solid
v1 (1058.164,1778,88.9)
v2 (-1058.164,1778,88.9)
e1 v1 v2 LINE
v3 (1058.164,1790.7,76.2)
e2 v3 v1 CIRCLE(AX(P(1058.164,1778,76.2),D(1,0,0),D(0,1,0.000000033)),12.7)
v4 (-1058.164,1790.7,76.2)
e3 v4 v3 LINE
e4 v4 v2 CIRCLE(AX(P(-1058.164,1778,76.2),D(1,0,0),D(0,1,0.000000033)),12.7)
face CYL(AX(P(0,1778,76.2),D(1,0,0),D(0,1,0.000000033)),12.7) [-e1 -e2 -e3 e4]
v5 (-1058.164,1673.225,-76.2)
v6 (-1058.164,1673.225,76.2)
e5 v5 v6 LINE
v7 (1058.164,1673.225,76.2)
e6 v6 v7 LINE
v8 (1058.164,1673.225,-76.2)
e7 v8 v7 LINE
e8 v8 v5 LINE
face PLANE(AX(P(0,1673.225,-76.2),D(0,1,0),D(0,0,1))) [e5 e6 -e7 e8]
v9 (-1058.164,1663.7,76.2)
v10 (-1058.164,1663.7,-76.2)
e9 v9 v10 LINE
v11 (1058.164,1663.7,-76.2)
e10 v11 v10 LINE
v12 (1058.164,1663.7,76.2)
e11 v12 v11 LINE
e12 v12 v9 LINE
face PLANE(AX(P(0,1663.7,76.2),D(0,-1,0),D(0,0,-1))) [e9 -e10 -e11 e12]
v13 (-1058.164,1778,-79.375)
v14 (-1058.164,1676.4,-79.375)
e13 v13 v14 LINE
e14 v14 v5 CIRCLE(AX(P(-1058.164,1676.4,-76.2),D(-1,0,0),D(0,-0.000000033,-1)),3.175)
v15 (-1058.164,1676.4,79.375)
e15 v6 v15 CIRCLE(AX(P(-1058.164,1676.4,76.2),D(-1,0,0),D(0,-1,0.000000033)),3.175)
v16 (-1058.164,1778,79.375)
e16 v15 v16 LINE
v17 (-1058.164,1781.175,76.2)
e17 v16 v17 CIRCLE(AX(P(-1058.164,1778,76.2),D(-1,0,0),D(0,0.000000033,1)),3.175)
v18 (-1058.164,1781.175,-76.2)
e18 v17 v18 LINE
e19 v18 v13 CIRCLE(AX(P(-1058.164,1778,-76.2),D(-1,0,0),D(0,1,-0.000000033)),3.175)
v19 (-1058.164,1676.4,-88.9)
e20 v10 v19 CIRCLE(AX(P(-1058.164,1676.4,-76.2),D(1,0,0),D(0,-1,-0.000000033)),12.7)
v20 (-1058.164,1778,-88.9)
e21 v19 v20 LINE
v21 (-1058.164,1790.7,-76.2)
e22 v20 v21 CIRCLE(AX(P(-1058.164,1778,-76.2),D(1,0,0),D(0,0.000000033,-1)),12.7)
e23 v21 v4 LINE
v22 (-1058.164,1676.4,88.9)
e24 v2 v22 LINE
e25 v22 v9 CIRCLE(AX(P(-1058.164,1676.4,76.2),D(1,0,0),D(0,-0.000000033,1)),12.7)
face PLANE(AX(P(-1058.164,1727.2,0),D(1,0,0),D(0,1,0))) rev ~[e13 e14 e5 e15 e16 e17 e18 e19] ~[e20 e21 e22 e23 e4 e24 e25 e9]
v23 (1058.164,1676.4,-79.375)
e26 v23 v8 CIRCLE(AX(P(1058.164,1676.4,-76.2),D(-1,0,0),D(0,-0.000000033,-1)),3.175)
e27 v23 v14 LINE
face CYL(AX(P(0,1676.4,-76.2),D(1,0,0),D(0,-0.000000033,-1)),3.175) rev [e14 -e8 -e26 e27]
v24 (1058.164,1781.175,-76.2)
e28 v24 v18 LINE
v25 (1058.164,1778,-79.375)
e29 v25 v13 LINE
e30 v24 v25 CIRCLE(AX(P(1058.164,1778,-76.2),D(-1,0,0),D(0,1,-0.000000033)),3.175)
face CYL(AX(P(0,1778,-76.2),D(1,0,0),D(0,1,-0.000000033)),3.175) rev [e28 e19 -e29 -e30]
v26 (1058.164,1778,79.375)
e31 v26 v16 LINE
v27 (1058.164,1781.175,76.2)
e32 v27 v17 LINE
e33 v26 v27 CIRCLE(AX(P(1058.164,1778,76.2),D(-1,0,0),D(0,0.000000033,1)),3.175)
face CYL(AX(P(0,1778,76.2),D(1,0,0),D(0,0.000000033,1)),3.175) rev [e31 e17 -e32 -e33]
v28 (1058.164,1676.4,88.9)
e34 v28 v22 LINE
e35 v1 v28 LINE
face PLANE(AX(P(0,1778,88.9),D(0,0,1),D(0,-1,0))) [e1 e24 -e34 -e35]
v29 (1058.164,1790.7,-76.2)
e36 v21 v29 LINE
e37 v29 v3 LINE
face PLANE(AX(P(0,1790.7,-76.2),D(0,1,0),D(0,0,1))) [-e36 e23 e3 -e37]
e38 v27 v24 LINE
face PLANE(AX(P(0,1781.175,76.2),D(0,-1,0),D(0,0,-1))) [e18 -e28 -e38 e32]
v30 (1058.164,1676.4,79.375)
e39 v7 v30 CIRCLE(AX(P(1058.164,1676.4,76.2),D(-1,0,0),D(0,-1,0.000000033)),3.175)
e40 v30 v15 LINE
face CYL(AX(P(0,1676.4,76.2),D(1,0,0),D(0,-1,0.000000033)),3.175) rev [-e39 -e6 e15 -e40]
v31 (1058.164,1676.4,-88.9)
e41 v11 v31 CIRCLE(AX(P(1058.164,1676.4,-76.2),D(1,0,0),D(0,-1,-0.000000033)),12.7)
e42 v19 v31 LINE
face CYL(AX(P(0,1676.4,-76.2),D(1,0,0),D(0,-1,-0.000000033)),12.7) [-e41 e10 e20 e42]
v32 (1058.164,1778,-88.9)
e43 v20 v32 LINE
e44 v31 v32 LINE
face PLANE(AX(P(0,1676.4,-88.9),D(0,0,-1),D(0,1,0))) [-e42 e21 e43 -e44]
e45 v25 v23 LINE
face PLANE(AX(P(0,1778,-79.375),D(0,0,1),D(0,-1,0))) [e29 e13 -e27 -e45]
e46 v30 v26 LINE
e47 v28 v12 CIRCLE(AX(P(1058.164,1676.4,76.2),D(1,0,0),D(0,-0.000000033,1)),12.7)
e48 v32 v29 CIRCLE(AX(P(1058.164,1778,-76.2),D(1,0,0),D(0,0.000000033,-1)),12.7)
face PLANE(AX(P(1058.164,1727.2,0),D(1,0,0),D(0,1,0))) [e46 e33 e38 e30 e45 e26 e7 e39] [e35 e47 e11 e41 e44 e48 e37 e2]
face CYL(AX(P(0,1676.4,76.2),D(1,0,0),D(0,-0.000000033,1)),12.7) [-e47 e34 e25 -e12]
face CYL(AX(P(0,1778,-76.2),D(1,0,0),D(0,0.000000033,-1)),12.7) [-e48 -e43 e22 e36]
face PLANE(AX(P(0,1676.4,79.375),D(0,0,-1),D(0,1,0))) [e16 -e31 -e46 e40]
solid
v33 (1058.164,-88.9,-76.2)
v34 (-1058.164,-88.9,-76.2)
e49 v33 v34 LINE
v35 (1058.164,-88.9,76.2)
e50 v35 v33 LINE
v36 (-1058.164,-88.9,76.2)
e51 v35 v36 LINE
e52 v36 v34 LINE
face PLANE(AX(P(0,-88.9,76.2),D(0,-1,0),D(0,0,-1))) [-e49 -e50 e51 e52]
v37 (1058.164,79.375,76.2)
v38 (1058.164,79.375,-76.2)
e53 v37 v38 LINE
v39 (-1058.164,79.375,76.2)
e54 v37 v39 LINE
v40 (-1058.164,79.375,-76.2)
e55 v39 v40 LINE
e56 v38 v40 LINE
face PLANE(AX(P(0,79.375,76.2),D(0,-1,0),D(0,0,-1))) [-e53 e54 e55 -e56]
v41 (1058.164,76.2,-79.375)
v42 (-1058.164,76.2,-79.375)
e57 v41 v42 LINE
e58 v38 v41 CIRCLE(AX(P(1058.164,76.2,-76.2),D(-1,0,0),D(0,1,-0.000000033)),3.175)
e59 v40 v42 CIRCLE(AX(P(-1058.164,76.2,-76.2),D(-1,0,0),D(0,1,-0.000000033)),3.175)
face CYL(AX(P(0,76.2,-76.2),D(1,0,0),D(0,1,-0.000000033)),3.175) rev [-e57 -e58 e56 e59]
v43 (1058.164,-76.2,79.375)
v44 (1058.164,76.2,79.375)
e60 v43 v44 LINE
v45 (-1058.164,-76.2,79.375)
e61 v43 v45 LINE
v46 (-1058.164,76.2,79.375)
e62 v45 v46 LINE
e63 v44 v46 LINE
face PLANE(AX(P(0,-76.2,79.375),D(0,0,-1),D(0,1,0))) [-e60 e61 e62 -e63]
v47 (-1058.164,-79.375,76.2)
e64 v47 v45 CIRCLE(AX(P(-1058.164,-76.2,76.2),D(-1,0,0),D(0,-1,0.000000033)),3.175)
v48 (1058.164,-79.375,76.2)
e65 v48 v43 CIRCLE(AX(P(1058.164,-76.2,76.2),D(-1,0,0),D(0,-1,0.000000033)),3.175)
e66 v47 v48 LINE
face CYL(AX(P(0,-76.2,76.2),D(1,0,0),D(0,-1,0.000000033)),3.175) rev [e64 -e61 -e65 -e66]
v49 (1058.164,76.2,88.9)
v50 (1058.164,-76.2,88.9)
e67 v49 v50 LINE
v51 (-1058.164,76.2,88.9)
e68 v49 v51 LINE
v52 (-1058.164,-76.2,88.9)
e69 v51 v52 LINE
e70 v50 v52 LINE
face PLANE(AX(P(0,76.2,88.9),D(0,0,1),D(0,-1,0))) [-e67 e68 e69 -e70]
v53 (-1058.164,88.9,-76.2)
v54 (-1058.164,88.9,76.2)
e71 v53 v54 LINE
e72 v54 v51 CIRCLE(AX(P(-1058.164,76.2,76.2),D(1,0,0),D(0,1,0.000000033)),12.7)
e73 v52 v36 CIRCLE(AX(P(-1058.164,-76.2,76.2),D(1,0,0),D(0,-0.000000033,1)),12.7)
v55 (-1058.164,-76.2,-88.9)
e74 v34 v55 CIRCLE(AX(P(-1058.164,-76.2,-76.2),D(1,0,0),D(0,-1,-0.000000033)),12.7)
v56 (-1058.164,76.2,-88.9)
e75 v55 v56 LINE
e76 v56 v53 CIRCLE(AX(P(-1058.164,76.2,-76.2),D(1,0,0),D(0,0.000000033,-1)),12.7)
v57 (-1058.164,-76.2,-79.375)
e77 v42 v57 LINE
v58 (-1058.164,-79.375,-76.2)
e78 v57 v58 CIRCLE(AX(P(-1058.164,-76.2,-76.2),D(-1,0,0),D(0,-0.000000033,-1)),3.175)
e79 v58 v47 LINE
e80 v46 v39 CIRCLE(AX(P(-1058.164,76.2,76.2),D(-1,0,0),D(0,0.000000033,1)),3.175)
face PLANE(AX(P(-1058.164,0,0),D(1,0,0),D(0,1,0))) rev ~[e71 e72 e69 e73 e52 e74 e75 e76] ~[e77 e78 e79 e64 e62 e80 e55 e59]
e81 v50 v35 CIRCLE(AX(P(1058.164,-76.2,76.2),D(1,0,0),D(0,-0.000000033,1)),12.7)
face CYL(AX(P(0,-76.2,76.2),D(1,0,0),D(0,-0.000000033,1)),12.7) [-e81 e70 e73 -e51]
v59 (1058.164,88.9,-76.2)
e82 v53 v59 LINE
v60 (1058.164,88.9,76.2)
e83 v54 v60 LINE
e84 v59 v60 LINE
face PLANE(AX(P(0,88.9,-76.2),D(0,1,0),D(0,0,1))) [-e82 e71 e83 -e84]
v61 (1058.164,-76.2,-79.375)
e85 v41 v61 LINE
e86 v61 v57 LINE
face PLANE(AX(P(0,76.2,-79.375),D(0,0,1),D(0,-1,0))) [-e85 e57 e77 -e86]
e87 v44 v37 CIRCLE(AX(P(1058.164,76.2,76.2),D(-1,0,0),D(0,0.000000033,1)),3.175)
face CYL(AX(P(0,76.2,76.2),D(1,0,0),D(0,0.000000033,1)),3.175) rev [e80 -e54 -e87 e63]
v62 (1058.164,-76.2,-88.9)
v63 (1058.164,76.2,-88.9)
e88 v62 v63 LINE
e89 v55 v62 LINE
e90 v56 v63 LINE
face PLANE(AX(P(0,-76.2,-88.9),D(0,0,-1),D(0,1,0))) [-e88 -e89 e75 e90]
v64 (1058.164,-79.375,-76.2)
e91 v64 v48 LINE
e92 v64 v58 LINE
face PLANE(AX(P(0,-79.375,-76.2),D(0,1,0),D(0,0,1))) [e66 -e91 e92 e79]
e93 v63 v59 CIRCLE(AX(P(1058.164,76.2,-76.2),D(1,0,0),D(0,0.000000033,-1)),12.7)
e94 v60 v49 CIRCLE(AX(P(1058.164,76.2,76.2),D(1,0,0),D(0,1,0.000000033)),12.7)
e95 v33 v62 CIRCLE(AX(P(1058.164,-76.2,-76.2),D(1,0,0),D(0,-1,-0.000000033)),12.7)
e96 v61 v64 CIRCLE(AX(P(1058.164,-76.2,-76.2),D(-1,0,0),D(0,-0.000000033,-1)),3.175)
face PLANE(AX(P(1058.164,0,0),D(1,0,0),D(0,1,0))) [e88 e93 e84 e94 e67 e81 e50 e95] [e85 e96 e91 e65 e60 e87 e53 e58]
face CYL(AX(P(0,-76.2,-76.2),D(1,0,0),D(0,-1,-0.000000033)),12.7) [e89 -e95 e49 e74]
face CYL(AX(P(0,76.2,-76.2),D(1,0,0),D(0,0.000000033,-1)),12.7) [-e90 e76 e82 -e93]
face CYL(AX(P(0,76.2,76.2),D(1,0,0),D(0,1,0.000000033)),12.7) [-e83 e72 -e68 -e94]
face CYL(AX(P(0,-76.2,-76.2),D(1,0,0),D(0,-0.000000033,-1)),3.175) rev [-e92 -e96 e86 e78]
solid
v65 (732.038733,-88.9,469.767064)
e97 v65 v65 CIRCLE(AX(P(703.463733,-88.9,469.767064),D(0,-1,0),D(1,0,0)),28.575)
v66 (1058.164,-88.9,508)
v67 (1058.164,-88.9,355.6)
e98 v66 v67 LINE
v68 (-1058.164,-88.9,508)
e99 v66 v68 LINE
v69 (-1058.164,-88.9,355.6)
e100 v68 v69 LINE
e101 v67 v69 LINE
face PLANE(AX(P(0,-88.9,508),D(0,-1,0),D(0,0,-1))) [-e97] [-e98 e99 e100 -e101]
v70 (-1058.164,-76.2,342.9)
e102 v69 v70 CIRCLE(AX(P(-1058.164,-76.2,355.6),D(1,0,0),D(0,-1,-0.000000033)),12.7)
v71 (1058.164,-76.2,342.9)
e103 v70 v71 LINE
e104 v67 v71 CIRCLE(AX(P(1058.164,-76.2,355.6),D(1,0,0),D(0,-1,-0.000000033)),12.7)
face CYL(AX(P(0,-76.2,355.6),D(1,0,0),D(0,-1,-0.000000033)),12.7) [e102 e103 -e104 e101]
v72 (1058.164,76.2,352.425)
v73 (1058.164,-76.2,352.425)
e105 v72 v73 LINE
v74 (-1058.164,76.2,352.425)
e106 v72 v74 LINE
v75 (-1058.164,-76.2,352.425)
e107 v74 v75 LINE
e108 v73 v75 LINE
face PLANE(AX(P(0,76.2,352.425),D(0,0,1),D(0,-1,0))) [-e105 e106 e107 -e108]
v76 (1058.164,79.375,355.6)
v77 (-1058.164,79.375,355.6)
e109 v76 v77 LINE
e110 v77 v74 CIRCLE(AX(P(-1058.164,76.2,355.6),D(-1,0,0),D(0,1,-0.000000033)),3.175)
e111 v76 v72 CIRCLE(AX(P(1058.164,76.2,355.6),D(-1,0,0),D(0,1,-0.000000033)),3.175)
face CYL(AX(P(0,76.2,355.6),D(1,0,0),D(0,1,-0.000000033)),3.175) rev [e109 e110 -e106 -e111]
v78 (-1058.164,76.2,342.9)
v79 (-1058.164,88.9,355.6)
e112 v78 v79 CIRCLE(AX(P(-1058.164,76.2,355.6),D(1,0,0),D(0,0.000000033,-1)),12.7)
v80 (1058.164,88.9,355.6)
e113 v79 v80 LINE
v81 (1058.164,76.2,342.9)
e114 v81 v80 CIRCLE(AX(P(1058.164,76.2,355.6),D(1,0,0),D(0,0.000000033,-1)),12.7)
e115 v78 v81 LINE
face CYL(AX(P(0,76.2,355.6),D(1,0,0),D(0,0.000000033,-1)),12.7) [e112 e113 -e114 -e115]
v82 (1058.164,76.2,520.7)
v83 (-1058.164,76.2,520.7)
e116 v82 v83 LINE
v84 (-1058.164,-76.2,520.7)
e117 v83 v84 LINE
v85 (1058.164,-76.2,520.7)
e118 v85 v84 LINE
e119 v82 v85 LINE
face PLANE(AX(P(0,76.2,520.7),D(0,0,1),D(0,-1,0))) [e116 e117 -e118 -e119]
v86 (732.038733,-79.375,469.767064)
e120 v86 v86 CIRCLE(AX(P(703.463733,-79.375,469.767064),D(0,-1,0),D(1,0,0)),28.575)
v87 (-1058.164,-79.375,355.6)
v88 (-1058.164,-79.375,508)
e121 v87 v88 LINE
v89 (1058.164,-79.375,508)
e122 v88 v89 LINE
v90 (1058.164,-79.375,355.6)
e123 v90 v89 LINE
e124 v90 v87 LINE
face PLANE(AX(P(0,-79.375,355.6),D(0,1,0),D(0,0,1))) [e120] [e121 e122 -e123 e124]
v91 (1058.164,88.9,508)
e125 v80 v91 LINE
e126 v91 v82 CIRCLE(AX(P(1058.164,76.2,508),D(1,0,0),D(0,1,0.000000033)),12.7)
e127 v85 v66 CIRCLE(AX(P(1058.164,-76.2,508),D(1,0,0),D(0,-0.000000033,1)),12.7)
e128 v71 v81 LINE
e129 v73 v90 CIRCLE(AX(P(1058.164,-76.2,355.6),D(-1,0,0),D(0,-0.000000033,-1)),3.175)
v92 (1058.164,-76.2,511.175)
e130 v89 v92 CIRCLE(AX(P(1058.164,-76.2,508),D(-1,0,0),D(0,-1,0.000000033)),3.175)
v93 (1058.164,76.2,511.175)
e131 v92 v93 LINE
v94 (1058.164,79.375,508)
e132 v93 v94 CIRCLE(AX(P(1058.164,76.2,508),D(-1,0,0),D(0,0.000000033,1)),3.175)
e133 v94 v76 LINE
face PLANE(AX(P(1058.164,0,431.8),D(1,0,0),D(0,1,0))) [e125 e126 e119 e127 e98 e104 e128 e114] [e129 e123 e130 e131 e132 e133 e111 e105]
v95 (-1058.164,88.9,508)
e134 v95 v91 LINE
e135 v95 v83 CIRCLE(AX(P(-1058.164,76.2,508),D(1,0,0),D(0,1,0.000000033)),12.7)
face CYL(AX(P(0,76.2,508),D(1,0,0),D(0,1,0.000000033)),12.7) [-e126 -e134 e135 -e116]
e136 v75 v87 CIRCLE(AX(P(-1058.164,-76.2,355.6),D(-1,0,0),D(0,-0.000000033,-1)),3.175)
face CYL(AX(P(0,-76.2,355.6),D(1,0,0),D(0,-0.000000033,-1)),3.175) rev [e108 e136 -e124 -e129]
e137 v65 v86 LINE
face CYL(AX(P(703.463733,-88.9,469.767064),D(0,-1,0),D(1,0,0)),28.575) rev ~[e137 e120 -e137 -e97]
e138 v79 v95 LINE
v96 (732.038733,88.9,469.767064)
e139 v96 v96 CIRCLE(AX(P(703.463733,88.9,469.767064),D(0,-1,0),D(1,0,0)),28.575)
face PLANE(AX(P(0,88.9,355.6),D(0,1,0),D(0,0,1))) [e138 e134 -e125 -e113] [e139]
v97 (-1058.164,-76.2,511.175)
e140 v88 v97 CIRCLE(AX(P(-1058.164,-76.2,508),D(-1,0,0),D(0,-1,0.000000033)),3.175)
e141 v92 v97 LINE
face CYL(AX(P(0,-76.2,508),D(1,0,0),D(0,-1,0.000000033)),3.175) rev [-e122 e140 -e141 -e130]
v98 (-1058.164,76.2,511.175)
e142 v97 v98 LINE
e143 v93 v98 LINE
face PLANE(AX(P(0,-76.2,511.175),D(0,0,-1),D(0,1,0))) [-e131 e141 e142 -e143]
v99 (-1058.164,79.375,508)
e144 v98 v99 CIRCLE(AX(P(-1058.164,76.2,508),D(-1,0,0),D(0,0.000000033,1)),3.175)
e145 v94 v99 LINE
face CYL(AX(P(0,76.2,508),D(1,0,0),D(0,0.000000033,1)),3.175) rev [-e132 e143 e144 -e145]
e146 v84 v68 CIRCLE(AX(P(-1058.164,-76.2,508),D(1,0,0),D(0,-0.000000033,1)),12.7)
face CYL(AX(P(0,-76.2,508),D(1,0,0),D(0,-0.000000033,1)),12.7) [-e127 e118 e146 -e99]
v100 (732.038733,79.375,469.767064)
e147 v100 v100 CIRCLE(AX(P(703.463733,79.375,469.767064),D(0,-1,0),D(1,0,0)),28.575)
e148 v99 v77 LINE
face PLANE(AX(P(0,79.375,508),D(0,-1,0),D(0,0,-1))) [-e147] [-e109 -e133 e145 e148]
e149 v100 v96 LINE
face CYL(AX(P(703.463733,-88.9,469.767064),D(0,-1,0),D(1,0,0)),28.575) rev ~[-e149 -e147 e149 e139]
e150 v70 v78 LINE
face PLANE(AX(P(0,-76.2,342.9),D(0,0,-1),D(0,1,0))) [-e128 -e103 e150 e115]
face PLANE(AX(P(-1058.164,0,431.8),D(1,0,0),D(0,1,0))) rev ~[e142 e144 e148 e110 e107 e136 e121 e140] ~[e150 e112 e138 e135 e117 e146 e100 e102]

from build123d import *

# Parameters (mm, degrees)
F1_DEPTH = 1058.164
F3_DEPTH = 1058.164
F4_R     = 28.575
F5_DEPTH = 177.801
F7_DEPTH = 1058.164


with BuildPart() as f1:
    # F0 (on Right) → F1 (new body, symmetric)
    with BuildSketch(Plane.YZ):
        with BuildLine():
            ThreePointArc((-88.9, -76.2), (-85.180256, -85.180256), (-76.2, -88.9))
            Line((-76.2, -88.9), (76.2, -88.9))
            ThreePointArc((76.2, -88.9), (85.180256, -85.180256), (88.9, -76.2))
            Line((88.9, -76.2), (88.9, 76.2))
            ThreePointArc((88.9, 76.2), (85.180256, 85.180256), (76.2, 88.9))
            Line((76.2, 88.9), (-76.2, 88.9))
            ThreePointArc((-76.2, 88.9), (-85.180256, 85.180256), (-88.9, 76.2))
            Line((-88.9, 76.2), (-88.9, -76.2))
        make_face()
        with BuildLine():
            ThreePointArc((-79.375, 76.2), (-78.445064, 78.445064), (-76.2, 79.375))
            Line((-76.2, 79.375), (76.2, 79.375))
            ThreePointArc((76.2, 79.375), (78.445064, 78.445064), (79.375, 76.2))
            Line((79.375, 76.2), (79.375, -76.2))
            ThreePointArc((79.375, -76.2), (78.445064, -78.445064), (76.2, -79.375))
            Line((76.2, -79.375), (-76.2, -79.375))
            ThreePointArc((-76.2, -79.375), (-78.445064, -78.445064), (-79.375, -76.2))
            Line((-79.375, -76.2), (-79.375, 76.2))
        make_face(mode=Mode.SUBTRACT)
    extrude(amount=F1_DEPTH, both=True)


with BuildPart() as f3:
    # F2 (on Right) → F3 (new body, symmetric)
    with BuildSketch(Plane.YZ):
        with BuildLine():
            ThreePointArc((-88.9, 355.6), (-85.180256, 346.619744), (-76.2, 342.9))
            Line((-76.2, 342.9), (76.2, 342.9))
            ThreePointArc((76.2, 342.9), (85.180256, 346.619744), (88.9, 355.6))
            Line((88.9, 355.6), (88.9, 508))
            ThreePointArc((88.9, 508), (85.180256, 516.980256), (76.2, 520.7))
            Line((76.2, 520.7), (-76.2, 520.7))
            ThreePointArc((-76.2, 520.7), (-85.180256, 516.980256), (-88.9, 508))
            Line((-88.9, 508), (-88.9, 355.6))
        make_face()
        with BuildLine():
            ThreePointArc((-79.375, 508), (-78.445064, 510.245064), (-76.2, 511.175))
            Line((-76.2, 511.175), (76.2, 511.175))
            ThreePointArc((76.2, 511.175), (78.445064, 510.245064), (79.375, 508))
            Line((79.375, 508), (79.375, 355.6))
            ThreePointArc((79.375, 355.6), (78.445064, 353.354936), (76.2, 352.425))
            Line((76.2, 352.425), (-76.2, 352.425))
            ThreePointArc((-76.2, 352.425), (-78.445064, 353.354936), (-79.375, 355.6))
            Line((-79.375, 355.6), (-79.375, 508))
        make_face(mode=Mode.SUBTRACT)
    extrude(amount=F3_DEPTH, both=True)

    # F4 (on face) → F5 (cut, through all)
    with BuildSketch(Plane.XZ.offset(88.9)):
        with Locations((703.463733, 469.767064)):
            Circle(F4_R)
    extrude(amount=-F5_DEPTH, mode=Mode.SUBTRACT)


with BuildPart() as f7:
    # F6 (on Right) → F7 (new body, symmetric)
    with BuildSketch(Plane.YZ):
        with BuildLine():
            ThreePointArc((1663.7, -76.2), (1667.419744, -85.180256), (1676.4, -88.9))
            Line((1676.4, -88.9), (1778, -88.9))
            ThreePointArc((1778, -88.9), (1786.980256, -85.180256), (1790.7, -76.2))
            Line((1790.7, -76.2), (1790.7, 76.2))
            ThreePointArc((1790.7, 76.2), (1786.980256, 85.180256), (1778, 88.9))
            Line((1778, 88.9), (1676.4, 88.9))
            ThreePointArc((1676.4, 88.9), (1667.419744, 85.180256), (1663.7, 76.2))
            Line((1663.7, 76.2), (1663.7, -76.2))
        make_face()
        with BuildLine():
            ThreePointArc((1673.225, 76.2), (1674.154936, 78.445064), (1676.4, 79.375))
            Line((1676.4, 79.375), (1778, 79.375))
            ThreePointArc((1778, 79.375), (1780.245064, 78.445064), (1781.175, 76.2))
            Line((1781.175, 76.2), (1781.175, -76.2))
            ThreePointArc((1781.175, -76.2), (1780.245064, -78.445064), (1778, -79.375))
            Line((1778, -79.375), (1676.4, -79.375))
            ThreePointArc((1676.4, -79.375), (1674.154936, -78.445064), (1673.225, -76.2))
            Line((1673.225, -76.2), (1673.225, 76.2))
        make_face(mode=Mode.SUBTRACT)
    extrude(amount=F7_DEPTH, both=True)


solid = Compound([f1.part, f3.part, f7.part])
